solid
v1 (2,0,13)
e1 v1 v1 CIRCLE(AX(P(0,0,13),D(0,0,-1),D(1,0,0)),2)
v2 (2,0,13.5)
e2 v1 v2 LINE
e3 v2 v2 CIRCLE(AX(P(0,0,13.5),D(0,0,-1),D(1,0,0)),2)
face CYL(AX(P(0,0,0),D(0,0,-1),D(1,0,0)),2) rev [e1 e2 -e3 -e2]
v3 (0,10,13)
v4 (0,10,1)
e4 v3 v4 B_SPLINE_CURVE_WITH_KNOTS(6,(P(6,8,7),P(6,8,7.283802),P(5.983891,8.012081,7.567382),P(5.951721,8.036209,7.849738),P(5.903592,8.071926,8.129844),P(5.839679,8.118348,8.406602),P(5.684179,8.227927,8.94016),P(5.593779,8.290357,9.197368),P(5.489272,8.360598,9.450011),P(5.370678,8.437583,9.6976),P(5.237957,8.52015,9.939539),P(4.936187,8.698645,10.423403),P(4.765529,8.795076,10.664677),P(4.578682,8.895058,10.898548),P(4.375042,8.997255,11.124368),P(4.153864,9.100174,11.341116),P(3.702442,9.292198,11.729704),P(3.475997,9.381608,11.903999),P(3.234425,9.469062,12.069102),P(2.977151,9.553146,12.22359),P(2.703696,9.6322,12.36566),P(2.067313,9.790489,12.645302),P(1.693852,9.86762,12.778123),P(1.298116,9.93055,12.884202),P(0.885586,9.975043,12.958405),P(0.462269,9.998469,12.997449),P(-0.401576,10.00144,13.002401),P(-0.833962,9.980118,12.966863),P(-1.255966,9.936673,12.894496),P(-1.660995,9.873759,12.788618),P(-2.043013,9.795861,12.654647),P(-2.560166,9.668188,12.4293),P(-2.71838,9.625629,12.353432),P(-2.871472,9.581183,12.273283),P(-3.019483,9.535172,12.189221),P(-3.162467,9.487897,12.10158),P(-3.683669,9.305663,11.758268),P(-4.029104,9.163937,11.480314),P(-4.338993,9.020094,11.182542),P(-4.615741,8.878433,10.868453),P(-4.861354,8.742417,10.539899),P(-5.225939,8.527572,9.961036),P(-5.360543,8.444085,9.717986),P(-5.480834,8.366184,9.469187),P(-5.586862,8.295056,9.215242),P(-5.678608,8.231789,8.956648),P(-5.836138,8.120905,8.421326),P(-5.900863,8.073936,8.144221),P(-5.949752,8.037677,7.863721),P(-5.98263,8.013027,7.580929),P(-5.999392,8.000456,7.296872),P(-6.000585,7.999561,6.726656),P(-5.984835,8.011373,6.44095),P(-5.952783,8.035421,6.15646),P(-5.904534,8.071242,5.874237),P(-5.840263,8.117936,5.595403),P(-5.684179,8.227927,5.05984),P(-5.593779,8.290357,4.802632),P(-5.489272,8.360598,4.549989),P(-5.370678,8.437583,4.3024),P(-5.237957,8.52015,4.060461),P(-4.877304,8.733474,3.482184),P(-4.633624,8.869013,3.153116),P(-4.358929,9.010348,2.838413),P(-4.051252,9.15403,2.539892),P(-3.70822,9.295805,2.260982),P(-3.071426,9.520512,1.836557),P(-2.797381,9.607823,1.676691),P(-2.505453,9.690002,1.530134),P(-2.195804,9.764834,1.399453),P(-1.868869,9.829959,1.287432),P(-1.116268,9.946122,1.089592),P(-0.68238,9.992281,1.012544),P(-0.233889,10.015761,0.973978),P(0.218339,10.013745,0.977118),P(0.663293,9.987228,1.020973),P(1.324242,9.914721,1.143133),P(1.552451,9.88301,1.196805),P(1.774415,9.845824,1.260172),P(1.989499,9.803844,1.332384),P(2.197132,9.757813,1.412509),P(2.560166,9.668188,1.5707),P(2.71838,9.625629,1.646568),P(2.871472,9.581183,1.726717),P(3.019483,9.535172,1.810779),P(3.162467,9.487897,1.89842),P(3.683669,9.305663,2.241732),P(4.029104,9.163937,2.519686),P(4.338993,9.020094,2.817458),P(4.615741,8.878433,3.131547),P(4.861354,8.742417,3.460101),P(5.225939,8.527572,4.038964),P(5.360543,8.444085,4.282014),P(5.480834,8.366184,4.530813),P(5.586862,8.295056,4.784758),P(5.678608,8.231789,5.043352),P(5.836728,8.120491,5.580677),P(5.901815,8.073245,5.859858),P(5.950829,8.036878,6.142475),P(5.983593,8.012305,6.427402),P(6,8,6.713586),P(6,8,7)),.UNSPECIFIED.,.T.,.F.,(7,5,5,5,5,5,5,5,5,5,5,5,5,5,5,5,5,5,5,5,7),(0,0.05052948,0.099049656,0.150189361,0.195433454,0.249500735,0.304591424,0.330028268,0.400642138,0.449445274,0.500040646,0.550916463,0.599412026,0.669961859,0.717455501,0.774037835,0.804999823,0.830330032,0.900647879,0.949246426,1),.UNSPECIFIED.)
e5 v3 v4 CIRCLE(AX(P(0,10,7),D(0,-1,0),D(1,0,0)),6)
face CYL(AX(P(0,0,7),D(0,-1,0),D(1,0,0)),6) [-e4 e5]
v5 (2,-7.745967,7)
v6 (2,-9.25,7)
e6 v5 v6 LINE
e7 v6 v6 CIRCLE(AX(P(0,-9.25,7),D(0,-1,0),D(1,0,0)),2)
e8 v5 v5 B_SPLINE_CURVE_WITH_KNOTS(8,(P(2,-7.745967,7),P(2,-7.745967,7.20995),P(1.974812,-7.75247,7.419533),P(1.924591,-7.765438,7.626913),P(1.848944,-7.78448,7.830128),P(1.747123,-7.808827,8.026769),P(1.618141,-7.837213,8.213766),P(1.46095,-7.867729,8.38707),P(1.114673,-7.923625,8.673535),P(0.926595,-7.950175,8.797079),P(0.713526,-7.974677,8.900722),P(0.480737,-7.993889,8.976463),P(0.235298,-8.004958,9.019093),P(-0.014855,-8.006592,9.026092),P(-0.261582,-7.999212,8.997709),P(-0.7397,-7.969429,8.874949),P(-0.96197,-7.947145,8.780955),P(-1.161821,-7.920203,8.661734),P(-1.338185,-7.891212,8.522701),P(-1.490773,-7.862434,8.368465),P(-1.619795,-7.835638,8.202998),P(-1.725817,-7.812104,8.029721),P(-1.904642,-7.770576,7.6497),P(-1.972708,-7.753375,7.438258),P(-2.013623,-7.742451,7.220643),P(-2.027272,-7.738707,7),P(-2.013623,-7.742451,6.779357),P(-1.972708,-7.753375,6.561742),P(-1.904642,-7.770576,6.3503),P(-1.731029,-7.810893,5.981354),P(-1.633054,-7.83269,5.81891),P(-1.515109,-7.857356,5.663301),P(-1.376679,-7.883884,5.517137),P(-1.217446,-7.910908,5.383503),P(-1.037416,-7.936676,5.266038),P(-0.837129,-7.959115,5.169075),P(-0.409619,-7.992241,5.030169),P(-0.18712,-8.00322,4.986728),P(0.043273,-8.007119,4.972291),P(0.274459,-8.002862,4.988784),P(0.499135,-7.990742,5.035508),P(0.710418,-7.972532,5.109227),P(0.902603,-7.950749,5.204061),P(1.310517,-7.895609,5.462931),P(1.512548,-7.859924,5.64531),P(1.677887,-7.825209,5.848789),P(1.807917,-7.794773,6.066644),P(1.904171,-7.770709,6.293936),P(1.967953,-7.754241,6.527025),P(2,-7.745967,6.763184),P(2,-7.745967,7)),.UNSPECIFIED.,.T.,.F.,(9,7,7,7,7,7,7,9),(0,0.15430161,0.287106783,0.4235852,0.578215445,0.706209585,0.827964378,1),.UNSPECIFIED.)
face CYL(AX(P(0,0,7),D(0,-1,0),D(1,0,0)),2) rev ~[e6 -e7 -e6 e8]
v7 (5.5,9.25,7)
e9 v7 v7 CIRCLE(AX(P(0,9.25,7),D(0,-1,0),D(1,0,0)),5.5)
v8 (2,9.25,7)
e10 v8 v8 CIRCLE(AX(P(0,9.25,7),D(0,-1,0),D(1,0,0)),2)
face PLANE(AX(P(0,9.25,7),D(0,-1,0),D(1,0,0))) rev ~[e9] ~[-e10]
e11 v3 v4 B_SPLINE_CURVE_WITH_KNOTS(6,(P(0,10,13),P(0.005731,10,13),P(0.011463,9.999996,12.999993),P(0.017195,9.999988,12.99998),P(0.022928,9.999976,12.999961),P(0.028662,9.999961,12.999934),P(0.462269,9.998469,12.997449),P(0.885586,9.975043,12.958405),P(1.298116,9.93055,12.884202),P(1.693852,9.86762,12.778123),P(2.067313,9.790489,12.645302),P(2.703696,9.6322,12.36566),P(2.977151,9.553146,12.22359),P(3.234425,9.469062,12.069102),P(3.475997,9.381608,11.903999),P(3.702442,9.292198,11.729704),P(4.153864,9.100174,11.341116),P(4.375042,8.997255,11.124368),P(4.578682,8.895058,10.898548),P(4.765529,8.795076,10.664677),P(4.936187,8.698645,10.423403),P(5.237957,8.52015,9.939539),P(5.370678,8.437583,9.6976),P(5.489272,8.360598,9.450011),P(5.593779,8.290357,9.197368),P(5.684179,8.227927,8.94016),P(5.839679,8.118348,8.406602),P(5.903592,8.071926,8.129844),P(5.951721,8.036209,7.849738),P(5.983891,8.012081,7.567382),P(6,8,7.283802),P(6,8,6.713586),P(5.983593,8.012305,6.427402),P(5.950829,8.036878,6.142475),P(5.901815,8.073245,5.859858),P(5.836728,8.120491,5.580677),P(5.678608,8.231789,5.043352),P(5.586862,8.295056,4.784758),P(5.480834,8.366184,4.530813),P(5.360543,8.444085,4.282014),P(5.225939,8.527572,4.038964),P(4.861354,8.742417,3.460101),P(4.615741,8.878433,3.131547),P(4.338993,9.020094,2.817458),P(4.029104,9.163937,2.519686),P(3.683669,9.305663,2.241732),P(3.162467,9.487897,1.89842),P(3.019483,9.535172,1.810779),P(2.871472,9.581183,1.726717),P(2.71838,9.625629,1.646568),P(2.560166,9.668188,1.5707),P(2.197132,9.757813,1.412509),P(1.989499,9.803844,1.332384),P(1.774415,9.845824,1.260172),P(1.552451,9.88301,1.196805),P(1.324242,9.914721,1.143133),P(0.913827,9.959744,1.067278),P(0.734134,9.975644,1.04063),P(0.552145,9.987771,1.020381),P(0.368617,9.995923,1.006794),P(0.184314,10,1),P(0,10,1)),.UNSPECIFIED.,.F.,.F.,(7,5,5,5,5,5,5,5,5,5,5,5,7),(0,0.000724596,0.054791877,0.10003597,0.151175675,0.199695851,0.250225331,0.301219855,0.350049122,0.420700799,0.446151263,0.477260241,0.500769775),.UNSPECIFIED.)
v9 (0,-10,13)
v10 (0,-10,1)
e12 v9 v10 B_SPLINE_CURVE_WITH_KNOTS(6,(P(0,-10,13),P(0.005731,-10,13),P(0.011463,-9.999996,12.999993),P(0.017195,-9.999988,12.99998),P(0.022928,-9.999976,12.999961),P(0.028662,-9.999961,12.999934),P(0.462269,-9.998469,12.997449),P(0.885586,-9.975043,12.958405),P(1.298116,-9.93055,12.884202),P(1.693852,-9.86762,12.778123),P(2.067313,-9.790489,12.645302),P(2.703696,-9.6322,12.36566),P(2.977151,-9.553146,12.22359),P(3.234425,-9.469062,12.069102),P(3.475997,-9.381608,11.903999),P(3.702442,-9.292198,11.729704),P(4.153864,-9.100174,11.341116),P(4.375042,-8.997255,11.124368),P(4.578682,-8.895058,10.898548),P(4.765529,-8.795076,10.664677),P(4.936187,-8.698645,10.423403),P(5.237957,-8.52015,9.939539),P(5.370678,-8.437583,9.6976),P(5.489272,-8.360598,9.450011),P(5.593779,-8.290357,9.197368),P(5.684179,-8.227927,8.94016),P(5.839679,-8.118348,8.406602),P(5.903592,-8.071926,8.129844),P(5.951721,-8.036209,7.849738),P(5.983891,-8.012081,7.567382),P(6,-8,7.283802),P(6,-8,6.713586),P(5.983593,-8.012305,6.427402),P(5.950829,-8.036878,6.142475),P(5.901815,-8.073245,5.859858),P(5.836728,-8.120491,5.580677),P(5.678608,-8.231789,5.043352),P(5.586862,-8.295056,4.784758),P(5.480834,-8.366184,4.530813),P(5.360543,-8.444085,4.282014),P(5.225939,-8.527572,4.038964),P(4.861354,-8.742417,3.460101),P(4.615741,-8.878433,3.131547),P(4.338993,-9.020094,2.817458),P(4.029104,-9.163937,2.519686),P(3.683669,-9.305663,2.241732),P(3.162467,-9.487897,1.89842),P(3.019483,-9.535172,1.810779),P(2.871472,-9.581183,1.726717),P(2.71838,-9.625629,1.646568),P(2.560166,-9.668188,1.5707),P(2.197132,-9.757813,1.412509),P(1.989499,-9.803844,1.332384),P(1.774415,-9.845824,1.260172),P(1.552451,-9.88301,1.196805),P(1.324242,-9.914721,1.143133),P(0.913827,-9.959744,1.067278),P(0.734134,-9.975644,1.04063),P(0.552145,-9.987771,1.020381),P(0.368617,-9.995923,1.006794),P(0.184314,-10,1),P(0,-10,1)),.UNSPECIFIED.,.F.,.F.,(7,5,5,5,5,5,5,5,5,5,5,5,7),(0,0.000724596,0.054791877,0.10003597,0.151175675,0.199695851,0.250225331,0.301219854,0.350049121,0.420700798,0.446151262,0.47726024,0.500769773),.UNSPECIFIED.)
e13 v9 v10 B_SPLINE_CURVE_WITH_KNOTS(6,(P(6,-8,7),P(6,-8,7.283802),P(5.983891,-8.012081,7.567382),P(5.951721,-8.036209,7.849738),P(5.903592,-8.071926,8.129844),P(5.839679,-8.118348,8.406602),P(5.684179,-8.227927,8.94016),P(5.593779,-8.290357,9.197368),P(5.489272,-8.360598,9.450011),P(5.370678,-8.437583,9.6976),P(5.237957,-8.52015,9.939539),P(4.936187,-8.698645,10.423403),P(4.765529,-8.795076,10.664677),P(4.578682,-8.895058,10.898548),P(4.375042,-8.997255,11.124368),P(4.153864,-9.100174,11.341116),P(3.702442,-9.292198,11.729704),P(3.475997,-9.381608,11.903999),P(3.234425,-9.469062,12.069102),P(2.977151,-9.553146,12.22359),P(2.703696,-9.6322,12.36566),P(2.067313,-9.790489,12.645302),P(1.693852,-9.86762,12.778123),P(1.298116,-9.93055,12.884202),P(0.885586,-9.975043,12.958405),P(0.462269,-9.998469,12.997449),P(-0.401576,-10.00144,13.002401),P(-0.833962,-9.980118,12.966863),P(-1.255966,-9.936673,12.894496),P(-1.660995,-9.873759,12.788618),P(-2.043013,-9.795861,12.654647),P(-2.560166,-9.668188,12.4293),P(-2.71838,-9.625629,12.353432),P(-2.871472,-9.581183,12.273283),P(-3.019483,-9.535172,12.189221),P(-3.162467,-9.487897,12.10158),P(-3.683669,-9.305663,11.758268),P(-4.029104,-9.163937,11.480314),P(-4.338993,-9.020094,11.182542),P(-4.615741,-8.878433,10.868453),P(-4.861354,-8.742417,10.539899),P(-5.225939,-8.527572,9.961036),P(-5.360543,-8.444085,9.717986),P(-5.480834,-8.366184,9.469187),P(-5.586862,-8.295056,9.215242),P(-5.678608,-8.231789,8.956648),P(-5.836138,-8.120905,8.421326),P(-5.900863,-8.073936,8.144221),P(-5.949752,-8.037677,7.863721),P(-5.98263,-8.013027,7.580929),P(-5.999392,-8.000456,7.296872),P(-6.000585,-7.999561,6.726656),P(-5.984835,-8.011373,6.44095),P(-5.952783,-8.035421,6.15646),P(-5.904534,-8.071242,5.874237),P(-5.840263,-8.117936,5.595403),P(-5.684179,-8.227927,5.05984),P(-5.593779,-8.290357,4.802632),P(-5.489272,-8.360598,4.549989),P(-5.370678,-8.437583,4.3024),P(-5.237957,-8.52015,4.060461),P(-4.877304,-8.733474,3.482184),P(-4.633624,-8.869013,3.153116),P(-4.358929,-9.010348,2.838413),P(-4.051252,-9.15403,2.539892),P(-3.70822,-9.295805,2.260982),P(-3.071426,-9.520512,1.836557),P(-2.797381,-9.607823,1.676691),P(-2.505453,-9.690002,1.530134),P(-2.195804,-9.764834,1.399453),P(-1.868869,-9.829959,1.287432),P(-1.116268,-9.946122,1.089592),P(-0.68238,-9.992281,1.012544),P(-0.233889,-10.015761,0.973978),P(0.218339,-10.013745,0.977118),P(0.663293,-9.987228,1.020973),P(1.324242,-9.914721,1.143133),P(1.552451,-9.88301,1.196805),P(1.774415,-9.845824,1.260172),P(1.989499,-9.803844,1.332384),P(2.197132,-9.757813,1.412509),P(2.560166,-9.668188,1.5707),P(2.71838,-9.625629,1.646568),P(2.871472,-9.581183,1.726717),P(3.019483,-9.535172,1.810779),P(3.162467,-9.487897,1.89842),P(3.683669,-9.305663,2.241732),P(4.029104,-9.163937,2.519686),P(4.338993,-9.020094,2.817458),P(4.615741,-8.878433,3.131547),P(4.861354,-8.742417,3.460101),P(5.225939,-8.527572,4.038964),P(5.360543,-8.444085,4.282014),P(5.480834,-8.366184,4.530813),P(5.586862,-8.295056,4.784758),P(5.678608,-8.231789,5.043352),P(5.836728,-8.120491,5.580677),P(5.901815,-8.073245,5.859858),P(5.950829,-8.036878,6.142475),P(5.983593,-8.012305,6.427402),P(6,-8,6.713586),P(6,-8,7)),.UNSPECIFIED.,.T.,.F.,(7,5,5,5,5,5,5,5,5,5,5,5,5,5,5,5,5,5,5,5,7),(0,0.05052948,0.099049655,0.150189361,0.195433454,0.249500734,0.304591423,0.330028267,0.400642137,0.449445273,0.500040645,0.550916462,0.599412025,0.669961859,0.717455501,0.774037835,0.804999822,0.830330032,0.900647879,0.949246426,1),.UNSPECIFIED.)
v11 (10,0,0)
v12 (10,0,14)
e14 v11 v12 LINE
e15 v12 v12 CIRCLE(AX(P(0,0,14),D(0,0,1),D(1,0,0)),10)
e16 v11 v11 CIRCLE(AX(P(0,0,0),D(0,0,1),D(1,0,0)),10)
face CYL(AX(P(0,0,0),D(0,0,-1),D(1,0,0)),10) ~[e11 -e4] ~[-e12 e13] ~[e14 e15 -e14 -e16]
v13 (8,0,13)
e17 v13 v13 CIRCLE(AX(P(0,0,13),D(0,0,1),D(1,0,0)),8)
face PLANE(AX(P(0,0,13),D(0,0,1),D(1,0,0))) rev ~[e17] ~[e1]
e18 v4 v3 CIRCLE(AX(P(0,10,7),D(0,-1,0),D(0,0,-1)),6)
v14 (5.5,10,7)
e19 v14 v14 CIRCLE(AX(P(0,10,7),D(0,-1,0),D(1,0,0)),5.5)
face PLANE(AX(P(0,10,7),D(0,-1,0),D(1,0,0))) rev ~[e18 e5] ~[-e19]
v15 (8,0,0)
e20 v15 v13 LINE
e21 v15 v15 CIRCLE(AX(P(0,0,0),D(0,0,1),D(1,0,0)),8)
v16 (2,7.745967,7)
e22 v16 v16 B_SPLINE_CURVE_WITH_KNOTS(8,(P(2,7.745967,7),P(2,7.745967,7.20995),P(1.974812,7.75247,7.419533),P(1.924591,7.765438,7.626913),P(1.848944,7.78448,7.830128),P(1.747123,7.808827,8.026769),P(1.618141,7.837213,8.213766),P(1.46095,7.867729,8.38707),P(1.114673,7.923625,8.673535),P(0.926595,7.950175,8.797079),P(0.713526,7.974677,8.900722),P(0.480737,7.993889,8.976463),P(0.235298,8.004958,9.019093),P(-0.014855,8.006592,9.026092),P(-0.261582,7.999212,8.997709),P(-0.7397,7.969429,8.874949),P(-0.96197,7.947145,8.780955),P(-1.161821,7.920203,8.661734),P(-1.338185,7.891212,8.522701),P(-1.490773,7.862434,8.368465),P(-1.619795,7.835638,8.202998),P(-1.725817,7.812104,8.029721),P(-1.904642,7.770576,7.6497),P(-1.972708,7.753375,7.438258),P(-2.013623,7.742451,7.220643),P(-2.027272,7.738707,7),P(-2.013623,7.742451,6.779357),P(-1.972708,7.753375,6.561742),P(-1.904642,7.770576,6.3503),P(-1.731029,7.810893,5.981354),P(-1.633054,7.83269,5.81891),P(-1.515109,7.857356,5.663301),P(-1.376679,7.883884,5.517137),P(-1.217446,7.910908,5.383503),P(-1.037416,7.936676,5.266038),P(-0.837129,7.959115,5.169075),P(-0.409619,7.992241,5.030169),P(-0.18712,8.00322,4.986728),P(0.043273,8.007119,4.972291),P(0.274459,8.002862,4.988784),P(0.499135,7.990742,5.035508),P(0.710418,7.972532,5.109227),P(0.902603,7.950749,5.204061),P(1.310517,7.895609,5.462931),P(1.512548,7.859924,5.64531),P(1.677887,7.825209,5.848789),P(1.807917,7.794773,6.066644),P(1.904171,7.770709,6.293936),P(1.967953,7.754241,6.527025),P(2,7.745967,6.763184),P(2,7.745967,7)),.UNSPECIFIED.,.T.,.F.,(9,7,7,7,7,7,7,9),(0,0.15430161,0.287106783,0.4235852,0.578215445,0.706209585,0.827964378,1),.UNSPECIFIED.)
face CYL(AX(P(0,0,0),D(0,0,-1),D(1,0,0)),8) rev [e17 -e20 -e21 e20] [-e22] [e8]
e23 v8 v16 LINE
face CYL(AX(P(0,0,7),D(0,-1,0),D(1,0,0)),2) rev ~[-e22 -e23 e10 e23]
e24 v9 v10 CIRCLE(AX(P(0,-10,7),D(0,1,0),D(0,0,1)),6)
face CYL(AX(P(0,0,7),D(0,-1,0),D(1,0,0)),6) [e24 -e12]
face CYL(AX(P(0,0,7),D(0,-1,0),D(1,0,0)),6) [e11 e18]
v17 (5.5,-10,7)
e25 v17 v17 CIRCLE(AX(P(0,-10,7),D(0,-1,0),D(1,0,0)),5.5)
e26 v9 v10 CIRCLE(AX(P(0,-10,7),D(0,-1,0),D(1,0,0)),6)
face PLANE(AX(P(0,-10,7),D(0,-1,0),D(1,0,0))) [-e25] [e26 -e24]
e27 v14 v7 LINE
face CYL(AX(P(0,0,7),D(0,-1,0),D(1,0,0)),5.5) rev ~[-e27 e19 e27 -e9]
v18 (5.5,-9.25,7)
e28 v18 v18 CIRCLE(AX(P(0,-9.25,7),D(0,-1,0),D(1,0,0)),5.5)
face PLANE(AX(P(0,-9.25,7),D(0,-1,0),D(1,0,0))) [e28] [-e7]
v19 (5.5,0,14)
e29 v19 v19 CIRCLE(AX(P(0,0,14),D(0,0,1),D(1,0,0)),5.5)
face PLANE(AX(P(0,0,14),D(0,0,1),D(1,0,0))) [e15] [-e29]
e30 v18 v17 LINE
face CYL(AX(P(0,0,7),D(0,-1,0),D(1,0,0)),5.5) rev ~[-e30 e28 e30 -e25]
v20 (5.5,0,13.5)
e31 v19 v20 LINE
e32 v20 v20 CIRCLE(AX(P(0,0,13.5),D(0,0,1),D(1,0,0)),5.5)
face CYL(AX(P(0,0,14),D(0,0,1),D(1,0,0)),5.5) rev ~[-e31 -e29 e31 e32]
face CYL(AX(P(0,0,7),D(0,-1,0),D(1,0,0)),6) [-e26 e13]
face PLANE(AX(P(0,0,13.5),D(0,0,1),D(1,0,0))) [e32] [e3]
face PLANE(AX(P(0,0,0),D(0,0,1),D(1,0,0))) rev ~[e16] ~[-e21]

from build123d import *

# Parameters (mm, degrees)
F0_R      = 10
F1_DEPTH  = 14
F2_R      = 6
F3_DEPTH  = 10
F4_R      = 5.5
F5_DEPTH  = 12.5
F6_DEPTH  = 9.25
F7_R      = 2
F8_DEPTH  = 12.5
F9_R      = 8
F10_DEPTH = 13
F11_R     = 5.5
F12_DEPTH = 0.5
F13_R     = 2
F14_DEPTH = 25


with BuildPart() as f1:
    # F0 (on Top) → F1 (new body)
    with BuildSketch(Plane.XY):
        Circle(F0_R)
    extrude(amount=F1_DEPTH)

    # F2 (on Front) → F3 (join, symmetric)
    with BuildSketch(Plane.XZ):
        with Locations((0, 7)):
            Circle(F2_R)
    extrude(amount=F3_DEPTH, both=True)

    # F4 (on Front) → F5 (cut, symmetric)
    with BuildSketch(Plane.XZ):
        with Locations((0, 7)):
            Circle(F4_R)
    extrude(amount=F5_DEPTH, both=True, mode=Mode.SUBTRACT)

    # F4 (on Front) → F6 (join, symmetric)
    with BuildSketch(Plane.XZ):
        with Locations((0, 7)):
            Circle(F4_R)
    extrude(amount=F6_DEPTH, both=True)

    # F7 (on Front) → F8 (cut, symmetric)
    with BuildSketch(Plane.XZ):
        with Locations((0, 7)):
            Circle(F7_R)
    extrude(amount=F8_DEPTH, both=True, mode=Mode.SUBTRACT)

    # F9 (on Top) → F10 (cut)
    with BuildSketch(Plane.XY):
        Circle(F9_R)
    extrude(amount=F10_DEPTH, mode=Mode.SUBTRACT)

    # F11 (on face) → F12 (cut)
    with BuildSketch(Plane.XY.offset(14)):
        Circle(F11_R)
    extrude(amount=-F12_DEPTH, mode=Mode.SUBTRACT)

    # F13 (on Top) → F14 (cut)
    with BuildSketch(Plane.XY):
        Circle(F13_R)
    extrude(amount=F14_DEPTH, mode=Mode.SUBTRACT)


solid = f1.part
